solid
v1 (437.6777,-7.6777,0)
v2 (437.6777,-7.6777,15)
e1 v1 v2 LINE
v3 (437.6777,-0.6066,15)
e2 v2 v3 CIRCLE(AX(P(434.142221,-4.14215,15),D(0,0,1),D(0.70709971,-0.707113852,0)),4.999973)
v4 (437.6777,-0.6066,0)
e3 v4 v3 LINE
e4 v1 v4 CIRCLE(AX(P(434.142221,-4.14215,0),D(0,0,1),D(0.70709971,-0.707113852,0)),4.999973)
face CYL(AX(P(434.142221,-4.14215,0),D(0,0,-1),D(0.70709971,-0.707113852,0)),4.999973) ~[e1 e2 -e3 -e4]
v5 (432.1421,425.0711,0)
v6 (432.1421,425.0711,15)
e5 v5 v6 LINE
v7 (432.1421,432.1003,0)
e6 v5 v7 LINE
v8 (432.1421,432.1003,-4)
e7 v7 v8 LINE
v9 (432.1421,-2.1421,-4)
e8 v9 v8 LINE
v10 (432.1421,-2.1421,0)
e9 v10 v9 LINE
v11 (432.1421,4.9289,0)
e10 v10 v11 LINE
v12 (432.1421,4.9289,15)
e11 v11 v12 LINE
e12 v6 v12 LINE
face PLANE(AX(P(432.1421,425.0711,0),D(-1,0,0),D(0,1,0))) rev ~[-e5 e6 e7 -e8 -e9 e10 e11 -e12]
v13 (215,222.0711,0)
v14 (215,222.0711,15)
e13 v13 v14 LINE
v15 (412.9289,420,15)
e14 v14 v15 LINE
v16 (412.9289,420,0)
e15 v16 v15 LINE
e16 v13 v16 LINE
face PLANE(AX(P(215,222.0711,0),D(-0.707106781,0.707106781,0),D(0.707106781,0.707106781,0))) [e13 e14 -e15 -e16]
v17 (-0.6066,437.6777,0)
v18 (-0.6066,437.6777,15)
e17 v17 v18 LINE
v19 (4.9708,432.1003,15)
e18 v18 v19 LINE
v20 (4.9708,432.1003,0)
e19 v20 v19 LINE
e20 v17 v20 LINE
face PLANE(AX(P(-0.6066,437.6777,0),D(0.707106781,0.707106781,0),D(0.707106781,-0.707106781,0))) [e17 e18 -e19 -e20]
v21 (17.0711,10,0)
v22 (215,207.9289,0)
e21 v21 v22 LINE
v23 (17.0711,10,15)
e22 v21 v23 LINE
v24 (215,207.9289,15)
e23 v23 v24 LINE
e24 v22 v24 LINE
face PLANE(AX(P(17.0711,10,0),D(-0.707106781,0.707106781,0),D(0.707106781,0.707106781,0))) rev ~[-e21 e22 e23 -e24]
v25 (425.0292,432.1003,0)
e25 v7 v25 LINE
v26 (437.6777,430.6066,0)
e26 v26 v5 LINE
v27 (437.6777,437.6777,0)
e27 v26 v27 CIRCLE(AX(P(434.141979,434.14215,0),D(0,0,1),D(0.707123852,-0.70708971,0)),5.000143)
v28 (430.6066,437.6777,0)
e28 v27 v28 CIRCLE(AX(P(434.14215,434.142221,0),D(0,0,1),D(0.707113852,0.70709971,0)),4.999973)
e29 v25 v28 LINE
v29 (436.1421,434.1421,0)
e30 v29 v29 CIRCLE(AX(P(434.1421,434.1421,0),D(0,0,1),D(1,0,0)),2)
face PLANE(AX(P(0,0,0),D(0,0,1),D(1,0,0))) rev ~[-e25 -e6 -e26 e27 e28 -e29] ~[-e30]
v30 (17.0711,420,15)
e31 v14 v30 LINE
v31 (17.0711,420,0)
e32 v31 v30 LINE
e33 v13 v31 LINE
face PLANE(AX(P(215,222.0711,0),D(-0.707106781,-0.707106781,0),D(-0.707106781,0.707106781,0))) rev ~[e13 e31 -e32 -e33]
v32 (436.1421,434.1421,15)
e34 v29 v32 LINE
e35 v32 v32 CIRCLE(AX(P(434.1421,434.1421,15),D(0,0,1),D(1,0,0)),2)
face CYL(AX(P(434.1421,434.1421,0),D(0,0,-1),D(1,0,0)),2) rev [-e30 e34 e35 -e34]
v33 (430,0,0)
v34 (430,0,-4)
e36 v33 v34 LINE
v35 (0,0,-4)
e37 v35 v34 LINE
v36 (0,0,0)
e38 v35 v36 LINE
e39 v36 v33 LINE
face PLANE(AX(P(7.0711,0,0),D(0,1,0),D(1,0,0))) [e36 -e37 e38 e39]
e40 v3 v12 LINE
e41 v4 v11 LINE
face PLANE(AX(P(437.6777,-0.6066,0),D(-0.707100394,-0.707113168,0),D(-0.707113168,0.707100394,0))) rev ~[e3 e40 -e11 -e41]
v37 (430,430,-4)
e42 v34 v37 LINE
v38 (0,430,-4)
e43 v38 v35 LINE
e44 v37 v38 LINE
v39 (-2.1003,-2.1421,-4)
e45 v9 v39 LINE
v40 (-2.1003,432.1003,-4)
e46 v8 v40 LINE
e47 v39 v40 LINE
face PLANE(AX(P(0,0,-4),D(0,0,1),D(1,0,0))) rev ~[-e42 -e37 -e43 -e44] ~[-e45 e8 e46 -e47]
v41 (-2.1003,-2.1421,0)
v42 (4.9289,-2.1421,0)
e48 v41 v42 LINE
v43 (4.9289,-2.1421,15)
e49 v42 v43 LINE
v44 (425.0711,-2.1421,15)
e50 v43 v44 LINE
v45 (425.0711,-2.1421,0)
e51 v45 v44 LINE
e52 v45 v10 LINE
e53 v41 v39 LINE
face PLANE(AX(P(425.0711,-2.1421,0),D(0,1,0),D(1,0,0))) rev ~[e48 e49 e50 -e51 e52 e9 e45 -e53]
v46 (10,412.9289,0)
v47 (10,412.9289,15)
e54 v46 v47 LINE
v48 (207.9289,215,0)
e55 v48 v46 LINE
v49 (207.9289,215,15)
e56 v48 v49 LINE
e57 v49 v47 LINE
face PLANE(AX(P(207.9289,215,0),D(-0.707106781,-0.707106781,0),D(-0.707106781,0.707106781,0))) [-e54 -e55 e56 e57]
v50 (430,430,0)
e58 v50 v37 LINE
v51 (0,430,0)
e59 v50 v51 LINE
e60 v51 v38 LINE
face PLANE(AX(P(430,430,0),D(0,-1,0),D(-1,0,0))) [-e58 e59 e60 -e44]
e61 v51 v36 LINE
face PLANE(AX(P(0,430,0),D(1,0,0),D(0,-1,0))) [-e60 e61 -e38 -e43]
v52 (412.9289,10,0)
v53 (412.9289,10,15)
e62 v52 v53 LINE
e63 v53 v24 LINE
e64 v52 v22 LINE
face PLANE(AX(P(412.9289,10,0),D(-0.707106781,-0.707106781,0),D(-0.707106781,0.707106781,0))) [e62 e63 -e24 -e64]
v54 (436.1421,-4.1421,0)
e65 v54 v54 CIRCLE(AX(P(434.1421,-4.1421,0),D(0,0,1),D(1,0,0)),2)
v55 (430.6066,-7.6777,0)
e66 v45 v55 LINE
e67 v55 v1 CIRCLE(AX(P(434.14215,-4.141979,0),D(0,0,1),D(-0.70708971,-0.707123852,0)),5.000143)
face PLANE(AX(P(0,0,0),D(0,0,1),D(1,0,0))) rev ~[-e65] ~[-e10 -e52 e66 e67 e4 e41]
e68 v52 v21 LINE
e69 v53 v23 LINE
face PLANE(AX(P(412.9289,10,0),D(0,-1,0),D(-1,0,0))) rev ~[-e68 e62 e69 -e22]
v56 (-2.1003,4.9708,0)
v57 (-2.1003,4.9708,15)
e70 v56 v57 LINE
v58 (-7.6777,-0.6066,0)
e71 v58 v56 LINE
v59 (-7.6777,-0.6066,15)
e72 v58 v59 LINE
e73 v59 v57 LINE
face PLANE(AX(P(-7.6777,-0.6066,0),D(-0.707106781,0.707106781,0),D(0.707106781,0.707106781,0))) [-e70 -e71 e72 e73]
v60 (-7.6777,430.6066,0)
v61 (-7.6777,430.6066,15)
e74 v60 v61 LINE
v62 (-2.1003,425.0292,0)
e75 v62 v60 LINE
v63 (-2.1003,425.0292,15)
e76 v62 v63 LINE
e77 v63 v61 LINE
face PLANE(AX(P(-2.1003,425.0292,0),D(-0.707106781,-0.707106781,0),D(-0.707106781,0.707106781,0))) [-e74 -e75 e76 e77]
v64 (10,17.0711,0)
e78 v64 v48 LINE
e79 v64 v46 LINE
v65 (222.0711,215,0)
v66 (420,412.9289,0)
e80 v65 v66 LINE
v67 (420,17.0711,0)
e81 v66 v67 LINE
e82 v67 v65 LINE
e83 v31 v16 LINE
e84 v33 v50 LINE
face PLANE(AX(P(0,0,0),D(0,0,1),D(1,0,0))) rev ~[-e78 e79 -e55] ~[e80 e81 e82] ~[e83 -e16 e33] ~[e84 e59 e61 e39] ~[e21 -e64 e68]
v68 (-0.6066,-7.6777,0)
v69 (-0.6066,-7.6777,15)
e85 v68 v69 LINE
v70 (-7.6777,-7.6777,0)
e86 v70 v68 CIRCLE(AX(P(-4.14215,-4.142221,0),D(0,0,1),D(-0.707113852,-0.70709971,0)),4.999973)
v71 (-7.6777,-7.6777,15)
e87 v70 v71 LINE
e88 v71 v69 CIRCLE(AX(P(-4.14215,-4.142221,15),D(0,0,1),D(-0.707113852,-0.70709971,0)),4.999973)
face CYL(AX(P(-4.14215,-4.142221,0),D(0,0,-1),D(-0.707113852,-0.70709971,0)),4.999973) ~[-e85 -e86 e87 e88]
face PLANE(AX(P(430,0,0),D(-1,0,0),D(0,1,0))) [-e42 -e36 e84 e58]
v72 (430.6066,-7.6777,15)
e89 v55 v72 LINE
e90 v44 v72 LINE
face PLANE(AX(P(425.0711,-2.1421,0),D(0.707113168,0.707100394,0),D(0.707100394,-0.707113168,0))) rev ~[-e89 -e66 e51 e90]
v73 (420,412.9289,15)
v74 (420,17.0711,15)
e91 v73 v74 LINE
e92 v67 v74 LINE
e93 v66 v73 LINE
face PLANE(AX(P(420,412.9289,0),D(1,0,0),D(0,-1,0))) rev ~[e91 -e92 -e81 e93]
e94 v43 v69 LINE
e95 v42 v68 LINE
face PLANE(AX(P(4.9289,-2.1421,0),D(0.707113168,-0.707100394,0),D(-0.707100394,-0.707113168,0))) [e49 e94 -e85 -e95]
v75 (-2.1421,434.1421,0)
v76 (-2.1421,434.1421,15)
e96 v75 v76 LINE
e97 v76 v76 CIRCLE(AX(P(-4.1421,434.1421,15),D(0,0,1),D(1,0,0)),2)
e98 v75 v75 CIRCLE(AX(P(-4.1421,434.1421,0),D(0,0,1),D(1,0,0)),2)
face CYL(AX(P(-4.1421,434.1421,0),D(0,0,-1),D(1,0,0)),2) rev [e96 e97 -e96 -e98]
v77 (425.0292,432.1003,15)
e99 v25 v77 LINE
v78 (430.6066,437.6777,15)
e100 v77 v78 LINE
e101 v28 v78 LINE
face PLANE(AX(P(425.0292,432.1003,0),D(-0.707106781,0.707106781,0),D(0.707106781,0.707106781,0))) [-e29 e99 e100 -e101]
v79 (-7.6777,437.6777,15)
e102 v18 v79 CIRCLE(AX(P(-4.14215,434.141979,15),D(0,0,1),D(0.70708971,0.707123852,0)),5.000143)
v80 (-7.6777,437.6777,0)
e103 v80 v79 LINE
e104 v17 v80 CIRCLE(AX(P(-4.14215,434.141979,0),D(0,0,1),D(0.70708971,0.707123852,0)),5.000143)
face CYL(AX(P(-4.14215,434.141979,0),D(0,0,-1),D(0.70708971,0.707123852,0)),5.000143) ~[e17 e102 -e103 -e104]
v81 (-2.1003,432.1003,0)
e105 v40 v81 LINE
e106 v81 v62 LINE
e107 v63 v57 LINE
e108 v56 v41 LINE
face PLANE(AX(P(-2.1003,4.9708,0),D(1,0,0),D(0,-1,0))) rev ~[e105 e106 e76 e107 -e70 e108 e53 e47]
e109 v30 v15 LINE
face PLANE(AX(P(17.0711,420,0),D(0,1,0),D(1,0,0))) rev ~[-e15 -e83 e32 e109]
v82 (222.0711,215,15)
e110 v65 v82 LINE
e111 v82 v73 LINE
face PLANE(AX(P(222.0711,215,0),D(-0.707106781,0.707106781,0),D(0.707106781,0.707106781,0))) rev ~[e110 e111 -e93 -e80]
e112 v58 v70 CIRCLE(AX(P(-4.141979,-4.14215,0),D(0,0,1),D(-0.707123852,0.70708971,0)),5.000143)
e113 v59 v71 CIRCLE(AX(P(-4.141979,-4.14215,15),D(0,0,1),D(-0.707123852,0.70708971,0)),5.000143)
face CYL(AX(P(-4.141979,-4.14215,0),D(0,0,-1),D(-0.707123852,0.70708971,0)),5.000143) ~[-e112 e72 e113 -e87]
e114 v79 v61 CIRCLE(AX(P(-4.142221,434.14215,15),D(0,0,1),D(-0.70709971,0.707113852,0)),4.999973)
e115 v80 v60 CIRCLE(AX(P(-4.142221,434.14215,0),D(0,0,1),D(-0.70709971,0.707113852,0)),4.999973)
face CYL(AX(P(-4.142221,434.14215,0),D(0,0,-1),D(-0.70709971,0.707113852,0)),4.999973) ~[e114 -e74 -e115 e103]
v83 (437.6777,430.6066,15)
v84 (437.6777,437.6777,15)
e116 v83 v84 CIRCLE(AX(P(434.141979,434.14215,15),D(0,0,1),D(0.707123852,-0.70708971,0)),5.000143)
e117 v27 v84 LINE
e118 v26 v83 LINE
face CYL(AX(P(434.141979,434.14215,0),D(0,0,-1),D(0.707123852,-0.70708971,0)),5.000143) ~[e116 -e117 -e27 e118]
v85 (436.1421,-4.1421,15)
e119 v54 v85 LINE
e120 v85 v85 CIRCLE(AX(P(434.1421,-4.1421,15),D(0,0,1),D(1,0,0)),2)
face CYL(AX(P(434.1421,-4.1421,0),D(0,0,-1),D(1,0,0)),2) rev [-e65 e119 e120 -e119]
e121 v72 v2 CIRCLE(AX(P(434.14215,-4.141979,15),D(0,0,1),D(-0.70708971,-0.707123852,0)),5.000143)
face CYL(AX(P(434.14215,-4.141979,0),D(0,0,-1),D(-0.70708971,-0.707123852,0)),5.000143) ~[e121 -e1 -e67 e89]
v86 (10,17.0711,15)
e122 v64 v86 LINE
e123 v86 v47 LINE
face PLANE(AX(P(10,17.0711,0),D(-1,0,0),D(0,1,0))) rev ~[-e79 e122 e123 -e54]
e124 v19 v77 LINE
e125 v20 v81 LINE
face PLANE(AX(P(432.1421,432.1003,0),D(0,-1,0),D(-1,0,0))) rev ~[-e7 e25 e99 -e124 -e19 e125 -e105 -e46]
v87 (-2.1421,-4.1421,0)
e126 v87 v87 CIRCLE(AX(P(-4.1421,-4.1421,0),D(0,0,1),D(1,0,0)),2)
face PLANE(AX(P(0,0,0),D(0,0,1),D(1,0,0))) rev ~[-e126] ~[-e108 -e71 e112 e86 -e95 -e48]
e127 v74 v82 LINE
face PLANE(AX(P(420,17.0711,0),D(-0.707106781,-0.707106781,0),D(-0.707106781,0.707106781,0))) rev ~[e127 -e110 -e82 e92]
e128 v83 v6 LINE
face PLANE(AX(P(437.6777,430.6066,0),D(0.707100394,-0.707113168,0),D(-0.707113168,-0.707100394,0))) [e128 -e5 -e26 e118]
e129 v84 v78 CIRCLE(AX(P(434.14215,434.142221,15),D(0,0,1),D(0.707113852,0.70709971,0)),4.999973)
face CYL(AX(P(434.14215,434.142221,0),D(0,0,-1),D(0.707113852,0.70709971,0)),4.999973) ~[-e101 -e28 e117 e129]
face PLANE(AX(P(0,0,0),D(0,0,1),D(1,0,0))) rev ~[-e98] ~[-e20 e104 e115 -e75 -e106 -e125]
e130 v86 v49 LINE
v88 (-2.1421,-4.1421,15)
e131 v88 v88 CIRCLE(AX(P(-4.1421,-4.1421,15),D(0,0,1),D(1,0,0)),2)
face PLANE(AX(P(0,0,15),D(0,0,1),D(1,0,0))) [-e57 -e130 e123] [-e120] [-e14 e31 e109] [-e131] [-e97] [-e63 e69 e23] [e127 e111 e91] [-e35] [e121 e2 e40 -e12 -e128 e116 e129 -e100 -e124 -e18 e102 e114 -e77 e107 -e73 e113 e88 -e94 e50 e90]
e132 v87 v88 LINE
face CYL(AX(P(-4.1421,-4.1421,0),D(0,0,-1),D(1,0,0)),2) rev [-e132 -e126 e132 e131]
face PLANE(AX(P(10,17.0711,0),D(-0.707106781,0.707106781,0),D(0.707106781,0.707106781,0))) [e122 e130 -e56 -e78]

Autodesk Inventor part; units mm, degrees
ref_plane "YZ Plane" through (0, 0, 0) normal (1, 0, 0) x (0, 1, 0)
ref_plane "XZ Plane" through (0, 0, 0) normal (0, 1, 0) x (-1, 0, 0)
ref_plane "XY Plane" through (0, 0, 0) normal (0, 0, 1) x (1, 0, 0)
sketch "Esboço1" plane through (0, 0, 0) normal (0, 0, 1) x (1, 0, 0)
  line L0 (7.0711, 0) -> (422.9289, 0)
  line L1 (430, 7.0711) -> (430, 422.9289)
  line L2 (422.9289, 430) -> (7.0711, 430)
  line L3 (0, 422.9289) -> (0, 7.0711)
  line L4 (17.0711, 420) -> (412.9289, 420)
  line L5 (420, 412.9289) -> (420, 17.0711)
  line L6 (412.9289, 10) -> (17.0711, 10)
  line L7 (10, 17.0711) -> (10, 412.9289)
  line L8 (420, 17.0711) -> (222.0711, 215)
  line L9 (215, 222.0711) -> (17.0711, 420)
  line L10 (412.9289, 10) -> (215, 207.9289)
  line L11 (207.9289, 215) -> (10, 412.9289)
  line L12 (10, 17.0711) -> (207.9289, 215)
  line L13 (215, 222.0711) -> (412.9289, 420)
  line L14 (17.0711, 10) -> (215, 207.9289)
  line L15 (222.0711, 215) -> (420, 412.9289)
  line L16 (425.0292, 432.1003) -> (430.6066, 437.6777)
  line L17 (437.6777, 437.6777) -> (437.6777, 437.6777)
  line L18 (437.6777, 430.6066) -> (432.1421, 425.0711)
  line L19 (-2.1003, 425.0292) -> (-7.6777, 430.6066)
  line L20 (-7.6777, 437.6777) -> (-7.6777, 437.6777)
  line L21 (-0.6066, 437.6777) -> (4.9708, 432.1003)
  line L22 (4.9289, -2.1421) -> (-0.6066, -7.6777)
  line L23 (-7.6777, -7.6777) -> (-7.6777, -7.6777)
  line L24 (-7.6777, -0.6066) -> (-2.1003, 4.9708)
  line L25 (425.0711, -2.1421) -> (430.6066, -7.6777)
  line L26 (437.6777, -7.6777) -> (437.6777, -7.6777)
  line L27 (437.6777, -0.6066) -> (432.1421, 4.9289)
  arc A0 (437.6777, 430.6066) -> (437.6777, 437.6777) centre (434.1421, 434.1421) ccw
  arc A1 (437.6777, 437.6777) -> (430.6066, 437.6777) centre (434.1421, 434.1421) ccw
  arc A2 (-0.6066, 437.6777) -> (-7.6777, 437.6777) centre (-4.1421, 434.1421) ccw
  arc A3 (-7.6777, 437.6777) -> (-7.6777, 430.6066) centre (-4.1421, 434.1421) ccw
  arc A4 (-7.6777, -0.6066) -> (-7.6777, -7.6777) centre (-4.1421, -4.1421) ccw
  arc A5 (-7.6777, -7.6777) -> (-0.6066, -7.6777) centre (-4.1421, -4.1421) ccw
  arc A6 (430.6066, -7.6777) -> (437.6777, -7.6777) centre (434.1421, -4.1421) ccw
  arc A7 (437.6777, -7.6777) -> (437.6777, -0.6066) centre (434.1421, -4.1421) ccw
  circle A8 centre (-4.1421, 434.1421) radius 2
  circle A9 centre (434.1421, 434.1421) radius 2
  circle A10 centre (434.1421, -4.1421) radius 2
  circle A11 centre (-4.1421, -4.1421) radius 2
  line L28 (432.1421, 432.1003) -> (-2.1003, 432.1003)
  line L29 (-2.1003, 432.1003) -> (-2.1003, -2.1421)
  line L30 (-2.1003, -2.1421) -> (432.1421, -2.1421)
  line L31 (432.1421, -2.1421) -> (432.1421, 432.1003)
  line L32 (0, 0) -> (430, 0)
  line L33 (430, 0) -> (430, 430)
  line L34 (430, 430) -> (0, 430)
  line L35 (0, 430) -> (0, 0)
  point P0 (-7.6777, -7.6777)
  dimension "d2" = 10
  dimension "d11" = 5
  dimension "d12" = 4
  dimension "d13" = 4
  dimension "d14" = 4
  dimension "d15" = 4
extrude "Extrusão2" add sketch "Esboço1" along normal blind 15 contours L32 L35 L3 L34 L2 L33 L1 L0 | L16 A1 A0 L18 L31 L28 | L28 L29 L19 A3 A2 L21 | L27 A7 A6 L25 L30 L31 | L29 L30 L22 A5 A4 L24
extrude "Extrusão3" add sketch "Esboço1" along normal blind 15 and the other way blind 4 contours L28 L31 L30 L29
properties part number "base de calibração" material "MDF - Chapa de fibra de média densidade"
